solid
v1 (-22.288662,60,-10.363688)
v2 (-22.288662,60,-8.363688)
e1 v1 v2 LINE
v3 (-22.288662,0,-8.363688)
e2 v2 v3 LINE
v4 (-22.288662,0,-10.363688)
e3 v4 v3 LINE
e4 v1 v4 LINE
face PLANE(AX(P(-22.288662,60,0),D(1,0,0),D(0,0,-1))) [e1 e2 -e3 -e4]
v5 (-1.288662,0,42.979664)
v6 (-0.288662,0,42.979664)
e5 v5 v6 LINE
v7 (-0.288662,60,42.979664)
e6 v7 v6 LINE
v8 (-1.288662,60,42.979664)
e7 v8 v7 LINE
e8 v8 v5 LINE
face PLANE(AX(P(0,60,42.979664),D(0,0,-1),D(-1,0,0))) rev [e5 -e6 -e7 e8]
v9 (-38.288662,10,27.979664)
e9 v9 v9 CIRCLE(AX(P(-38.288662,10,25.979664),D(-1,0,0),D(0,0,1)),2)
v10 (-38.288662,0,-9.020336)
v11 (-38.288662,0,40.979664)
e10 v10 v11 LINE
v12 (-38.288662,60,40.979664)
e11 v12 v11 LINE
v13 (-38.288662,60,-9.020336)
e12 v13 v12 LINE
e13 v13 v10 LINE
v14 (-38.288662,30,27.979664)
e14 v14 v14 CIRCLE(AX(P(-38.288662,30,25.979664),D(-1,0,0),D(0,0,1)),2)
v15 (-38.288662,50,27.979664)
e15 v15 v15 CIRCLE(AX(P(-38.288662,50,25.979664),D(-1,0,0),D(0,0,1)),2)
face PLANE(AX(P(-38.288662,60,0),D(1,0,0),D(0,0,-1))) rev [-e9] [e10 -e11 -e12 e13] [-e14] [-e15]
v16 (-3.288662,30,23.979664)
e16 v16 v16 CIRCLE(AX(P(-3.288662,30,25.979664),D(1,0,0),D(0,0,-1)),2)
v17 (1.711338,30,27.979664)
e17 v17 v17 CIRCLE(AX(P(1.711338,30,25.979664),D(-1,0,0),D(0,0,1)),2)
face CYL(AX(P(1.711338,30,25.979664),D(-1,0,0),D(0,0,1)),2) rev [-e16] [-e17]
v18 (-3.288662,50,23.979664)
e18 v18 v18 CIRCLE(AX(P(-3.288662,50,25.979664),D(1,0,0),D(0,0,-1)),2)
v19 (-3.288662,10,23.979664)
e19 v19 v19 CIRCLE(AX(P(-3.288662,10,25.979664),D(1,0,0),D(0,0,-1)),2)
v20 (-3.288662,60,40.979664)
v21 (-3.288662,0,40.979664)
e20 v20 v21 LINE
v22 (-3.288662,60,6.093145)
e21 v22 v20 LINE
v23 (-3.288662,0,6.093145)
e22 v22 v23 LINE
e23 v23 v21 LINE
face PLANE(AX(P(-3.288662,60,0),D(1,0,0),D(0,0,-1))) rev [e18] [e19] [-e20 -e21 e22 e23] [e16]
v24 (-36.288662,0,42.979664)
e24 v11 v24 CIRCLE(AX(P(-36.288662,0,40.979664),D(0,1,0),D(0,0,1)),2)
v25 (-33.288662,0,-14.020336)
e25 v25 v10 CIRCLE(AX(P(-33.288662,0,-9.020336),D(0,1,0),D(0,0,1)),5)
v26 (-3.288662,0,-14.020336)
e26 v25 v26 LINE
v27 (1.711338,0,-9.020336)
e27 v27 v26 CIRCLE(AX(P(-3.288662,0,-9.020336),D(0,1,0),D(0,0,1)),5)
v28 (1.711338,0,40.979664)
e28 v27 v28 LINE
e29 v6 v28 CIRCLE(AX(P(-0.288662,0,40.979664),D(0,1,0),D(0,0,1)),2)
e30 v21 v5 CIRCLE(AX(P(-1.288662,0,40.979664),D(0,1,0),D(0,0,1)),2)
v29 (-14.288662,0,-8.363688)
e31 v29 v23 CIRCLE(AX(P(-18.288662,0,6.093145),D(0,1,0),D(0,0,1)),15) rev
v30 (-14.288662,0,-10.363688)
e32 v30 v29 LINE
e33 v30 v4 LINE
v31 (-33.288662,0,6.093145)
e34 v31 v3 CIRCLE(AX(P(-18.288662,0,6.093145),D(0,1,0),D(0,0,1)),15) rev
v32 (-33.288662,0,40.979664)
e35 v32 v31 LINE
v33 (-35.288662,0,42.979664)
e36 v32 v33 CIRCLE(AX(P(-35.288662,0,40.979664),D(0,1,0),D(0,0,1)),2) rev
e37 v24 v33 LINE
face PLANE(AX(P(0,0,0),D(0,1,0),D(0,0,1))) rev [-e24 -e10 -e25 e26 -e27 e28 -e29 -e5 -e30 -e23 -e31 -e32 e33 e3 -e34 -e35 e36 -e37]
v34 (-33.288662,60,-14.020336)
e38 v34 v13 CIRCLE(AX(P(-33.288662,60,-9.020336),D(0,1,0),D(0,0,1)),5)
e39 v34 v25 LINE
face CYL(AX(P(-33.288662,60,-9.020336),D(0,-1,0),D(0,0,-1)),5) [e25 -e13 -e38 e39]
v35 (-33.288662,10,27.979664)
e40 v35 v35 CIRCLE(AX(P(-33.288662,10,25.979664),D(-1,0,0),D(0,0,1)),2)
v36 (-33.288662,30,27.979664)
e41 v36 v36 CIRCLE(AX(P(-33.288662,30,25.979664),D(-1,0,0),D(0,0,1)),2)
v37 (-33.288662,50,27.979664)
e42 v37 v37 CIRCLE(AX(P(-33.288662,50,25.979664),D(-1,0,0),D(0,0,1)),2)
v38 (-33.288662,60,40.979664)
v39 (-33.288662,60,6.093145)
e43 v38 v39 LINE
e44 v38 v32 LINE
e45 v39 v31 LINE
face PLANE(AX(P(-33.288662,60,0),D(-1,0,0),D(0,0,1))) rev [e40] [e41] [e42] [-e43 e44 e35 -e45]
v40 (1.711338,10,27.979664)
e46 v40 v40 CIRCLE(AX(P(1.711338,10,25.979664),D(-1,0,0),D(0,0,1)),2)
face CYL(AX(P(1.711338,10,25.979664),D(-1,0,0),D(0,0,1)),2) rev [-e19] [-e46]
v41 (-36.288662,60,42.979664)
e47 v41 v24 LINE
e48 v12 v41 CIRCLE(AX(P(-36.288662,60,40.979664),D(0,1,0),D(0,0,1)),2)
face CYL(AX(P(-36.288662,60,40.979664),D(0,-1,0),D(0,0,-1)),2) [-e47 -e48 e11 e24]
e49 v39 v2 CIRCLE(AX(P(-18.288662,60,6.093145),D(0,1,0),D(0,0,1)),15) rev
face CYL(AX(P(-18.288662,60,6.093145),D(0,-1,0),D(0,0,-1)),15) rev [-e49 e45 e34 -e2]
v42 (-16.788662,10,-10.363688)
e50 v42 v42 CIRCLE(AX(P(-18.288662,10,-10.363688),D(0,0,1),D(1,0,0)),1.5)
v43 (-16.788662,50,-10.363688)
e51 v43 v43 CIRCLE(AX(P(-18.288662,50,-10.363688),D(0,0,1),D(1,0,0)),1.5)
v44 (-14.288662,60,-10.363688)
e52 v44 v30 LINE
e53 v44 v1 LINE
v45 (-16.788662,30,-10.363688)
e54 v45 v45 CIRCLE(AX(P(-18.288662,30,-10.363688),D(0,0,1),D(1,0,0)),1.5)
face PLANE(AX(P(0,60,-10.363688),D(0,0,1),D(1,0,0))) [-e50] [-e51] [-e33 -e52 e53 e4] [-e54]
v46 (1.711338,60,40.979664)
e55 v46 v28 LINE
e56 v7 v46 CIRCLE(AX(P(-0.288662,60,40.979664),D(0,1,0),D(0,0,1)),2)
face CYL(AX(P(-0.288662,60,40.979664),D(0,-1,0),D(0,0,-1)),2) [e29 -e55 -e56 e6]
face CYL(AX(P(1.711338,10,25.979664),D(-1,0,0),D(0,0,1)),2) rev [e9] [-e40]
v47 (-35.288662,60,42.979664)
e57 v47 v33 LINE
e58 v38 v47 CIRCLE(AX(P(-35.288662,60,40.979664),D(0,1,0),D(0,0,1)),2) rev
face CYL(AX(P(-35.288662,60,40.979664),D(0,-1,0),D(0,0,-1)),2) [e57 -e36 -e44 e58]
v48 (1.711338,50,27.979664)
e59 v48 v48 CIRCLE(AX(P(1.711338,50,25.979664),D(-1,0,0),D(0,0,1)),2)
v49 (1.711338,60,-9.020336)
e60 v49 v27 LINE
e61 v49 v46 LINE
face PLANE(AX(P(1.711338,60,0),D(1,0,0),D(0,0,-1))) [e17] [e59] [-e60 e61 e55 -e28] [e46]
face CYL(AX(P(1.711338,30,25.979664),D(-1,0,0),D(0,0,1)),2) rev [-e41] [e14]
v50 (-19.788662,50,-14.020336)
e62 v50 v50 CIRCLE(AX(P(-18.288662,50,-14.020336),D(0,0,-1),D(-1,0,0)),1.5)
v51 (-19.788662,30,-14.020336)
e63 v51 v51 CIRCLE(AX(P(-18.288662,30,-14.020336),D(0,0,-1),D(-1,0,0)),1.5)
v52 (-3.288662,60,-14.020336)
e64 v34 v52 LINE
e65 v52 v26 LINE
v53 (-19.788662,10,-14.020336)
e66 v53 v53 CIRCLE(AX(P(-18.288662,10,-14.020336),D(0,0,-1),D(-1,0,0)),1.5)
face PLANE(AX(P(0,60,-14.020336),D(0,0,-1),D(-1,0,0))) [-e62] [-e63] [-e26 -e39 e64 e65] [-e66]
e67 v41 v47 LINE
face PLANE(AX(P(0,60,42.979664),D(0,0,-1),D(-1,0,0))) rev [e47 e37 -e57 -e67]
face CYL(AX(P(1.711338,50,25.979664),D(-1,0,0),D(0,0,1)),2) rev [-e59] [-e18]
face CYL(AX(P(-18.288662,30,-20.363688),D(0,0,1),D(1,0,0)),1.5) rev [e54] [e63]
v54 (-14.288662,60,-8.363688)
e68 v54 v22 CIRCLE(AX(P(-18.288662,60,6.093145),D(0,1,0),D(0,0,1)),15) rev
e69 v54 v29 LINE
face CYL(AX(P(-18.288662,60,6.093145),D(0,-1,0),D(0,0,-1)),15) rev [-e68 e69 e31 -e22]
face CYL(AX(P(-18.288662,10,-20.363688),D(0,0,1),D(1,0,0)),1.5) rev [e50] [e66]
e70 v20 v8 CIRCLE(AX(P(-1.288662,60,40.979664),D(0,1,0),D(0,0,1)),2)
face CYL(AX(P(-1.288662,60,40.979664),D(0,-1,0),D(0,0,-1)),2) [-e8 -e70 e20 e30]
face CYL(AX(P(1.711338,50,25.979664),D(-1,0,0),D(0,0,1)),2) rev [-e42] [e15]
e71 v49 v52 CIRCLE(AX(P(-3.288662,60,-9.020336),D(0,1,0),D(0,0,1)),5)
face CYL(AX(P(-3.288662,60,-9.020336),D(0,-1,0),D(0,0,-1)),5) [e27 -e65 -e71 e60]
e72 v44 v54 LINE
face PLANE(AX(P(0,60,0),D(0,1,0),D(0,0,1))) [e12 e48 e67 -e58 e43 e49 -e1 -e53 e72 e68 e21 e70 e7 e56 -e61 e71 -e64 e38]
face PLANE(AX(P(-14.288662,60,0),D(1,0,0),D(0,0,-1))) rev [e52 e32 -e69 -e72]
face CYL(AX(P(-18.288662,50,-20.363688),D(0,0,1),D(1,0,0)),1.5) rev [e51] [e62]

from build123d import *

# Parameters (mm, degrees)
EXTRUDE_1_DEPTH     = 60
SKETCH_2_R          = 1.5
CUT_EXTRUDE_1_DEPTH = 10
SKETCH_3_R          = 2
CUT_EXTRUDE_2_DEPTH = 41


with BuildPart() as part:
    # 草图1 → 凸台-拉伸1 (new body)
    with BuildSketch(Plane(origin=(0, 0, 0), x_dir=(1, 0, 0), z_dir=(0, 1, 0))):
        with BuildLine():
            Line((-33.288662304, -40.97966402), (-33.288662304, -6.09314479))
            ThreePointArc((-33.288662304, -6.09314479), (-30.22599869, 2.989806272), (-22.288662304, 8.363687504))
            Line((-22.288662304, 8.363687504), (-22.288662304, 10.363687504))
            Line((-22.288662304, 10.363687504), (-14.288662304, 10.363687504))
            Line((-14.288662304, 10.363687504), (-14.288662304, 8.363687504))
            ThreePointArc((-14.288662304, 8.363687504), (-6.351325918, 2.989806272), (-3.288662304, -6.09314479))
            Line((-3.288662304, -6.09314479), (-3.288662304, -40.97966402))
            ThreePointArc((-3.288662304, -40.97966402), (-2.702875867, -42.393877582), (-1.288662304, -42.97966402))
            Line((-1.288662304, -42.97966402), (-0.288662304, -42.97966402))
            ThreePointArc((-0.288662304, -42.97966402), (1.125551258, -42.393877582), (1.711337696, -40.97966402))
            Line((1.711337696, -40.97966402), (1.711337696, 9.02033598))
            ThreePointArc((1.711337696, 9.02033598), (0.246871602, 12.555869886), (-3.288662304, 14.02033598))
            Line((-3.288662304, 14.02033598), (-33.288662304, 14.02033598))
            ThreePointArc((-33.288662304, 14.02033598), (-36.82419621, 12.555869886), (-38.288662304, 9.02033598))
            Line((-38.288662304, 9.02033598), (-38.288662304, -40.97966402))
            ThreePointArc((-38.288662304, -40.97966402), (-37.702875867, -42.393877582), (-36.288662304, -42.97966402))
            Line((-36.288662304, -42.97966402), (-35.288662304, -42.97966402))
            ThreePointArc((-35.288662304, -42.97966402), (-33.874448742, -42.393877582), (-33.288662304, -40.97966402))
        make_face()
    extrude(amount=EXTRUDE_1_DEPTH)

    # 草图2 → 切除-拉伸1 (cut)
    with BuildSketch(Plane.XY.offset(-10.363687504)):
        with Locations((-18.288662304, 50)):
            Circle(SKETCH_2_R)
        with Locations((-18.288662304, 30)):
            Circle(SKETCH_2_R)
        with Locations((-18.288662304, 10)):
            Circle(SKETCH_2_R)
    extrude(amount=-CUT_EXTRUDE_1_DEPTH, mode=Mode.SUBTRACT)

    # 草图3 → 切除-拉伸2 (cut, through all)
    with BuildSketch(Plane.ZY.offset(38.288662304)):
        with Locations((25.97966402, 50)):
            Circle(SKETCH_3_R)
        with Locations((25.97966402, 30)):
            Circle(SKETCH_3_R)
        with Locations((25.97966402, 10)):
            Circle(SKETCH_3_R)
    extrude(amount=-CUT_EXTRUDE_2_DEPTH, mode=Mode.SUBTRACT)


solid = part.part
